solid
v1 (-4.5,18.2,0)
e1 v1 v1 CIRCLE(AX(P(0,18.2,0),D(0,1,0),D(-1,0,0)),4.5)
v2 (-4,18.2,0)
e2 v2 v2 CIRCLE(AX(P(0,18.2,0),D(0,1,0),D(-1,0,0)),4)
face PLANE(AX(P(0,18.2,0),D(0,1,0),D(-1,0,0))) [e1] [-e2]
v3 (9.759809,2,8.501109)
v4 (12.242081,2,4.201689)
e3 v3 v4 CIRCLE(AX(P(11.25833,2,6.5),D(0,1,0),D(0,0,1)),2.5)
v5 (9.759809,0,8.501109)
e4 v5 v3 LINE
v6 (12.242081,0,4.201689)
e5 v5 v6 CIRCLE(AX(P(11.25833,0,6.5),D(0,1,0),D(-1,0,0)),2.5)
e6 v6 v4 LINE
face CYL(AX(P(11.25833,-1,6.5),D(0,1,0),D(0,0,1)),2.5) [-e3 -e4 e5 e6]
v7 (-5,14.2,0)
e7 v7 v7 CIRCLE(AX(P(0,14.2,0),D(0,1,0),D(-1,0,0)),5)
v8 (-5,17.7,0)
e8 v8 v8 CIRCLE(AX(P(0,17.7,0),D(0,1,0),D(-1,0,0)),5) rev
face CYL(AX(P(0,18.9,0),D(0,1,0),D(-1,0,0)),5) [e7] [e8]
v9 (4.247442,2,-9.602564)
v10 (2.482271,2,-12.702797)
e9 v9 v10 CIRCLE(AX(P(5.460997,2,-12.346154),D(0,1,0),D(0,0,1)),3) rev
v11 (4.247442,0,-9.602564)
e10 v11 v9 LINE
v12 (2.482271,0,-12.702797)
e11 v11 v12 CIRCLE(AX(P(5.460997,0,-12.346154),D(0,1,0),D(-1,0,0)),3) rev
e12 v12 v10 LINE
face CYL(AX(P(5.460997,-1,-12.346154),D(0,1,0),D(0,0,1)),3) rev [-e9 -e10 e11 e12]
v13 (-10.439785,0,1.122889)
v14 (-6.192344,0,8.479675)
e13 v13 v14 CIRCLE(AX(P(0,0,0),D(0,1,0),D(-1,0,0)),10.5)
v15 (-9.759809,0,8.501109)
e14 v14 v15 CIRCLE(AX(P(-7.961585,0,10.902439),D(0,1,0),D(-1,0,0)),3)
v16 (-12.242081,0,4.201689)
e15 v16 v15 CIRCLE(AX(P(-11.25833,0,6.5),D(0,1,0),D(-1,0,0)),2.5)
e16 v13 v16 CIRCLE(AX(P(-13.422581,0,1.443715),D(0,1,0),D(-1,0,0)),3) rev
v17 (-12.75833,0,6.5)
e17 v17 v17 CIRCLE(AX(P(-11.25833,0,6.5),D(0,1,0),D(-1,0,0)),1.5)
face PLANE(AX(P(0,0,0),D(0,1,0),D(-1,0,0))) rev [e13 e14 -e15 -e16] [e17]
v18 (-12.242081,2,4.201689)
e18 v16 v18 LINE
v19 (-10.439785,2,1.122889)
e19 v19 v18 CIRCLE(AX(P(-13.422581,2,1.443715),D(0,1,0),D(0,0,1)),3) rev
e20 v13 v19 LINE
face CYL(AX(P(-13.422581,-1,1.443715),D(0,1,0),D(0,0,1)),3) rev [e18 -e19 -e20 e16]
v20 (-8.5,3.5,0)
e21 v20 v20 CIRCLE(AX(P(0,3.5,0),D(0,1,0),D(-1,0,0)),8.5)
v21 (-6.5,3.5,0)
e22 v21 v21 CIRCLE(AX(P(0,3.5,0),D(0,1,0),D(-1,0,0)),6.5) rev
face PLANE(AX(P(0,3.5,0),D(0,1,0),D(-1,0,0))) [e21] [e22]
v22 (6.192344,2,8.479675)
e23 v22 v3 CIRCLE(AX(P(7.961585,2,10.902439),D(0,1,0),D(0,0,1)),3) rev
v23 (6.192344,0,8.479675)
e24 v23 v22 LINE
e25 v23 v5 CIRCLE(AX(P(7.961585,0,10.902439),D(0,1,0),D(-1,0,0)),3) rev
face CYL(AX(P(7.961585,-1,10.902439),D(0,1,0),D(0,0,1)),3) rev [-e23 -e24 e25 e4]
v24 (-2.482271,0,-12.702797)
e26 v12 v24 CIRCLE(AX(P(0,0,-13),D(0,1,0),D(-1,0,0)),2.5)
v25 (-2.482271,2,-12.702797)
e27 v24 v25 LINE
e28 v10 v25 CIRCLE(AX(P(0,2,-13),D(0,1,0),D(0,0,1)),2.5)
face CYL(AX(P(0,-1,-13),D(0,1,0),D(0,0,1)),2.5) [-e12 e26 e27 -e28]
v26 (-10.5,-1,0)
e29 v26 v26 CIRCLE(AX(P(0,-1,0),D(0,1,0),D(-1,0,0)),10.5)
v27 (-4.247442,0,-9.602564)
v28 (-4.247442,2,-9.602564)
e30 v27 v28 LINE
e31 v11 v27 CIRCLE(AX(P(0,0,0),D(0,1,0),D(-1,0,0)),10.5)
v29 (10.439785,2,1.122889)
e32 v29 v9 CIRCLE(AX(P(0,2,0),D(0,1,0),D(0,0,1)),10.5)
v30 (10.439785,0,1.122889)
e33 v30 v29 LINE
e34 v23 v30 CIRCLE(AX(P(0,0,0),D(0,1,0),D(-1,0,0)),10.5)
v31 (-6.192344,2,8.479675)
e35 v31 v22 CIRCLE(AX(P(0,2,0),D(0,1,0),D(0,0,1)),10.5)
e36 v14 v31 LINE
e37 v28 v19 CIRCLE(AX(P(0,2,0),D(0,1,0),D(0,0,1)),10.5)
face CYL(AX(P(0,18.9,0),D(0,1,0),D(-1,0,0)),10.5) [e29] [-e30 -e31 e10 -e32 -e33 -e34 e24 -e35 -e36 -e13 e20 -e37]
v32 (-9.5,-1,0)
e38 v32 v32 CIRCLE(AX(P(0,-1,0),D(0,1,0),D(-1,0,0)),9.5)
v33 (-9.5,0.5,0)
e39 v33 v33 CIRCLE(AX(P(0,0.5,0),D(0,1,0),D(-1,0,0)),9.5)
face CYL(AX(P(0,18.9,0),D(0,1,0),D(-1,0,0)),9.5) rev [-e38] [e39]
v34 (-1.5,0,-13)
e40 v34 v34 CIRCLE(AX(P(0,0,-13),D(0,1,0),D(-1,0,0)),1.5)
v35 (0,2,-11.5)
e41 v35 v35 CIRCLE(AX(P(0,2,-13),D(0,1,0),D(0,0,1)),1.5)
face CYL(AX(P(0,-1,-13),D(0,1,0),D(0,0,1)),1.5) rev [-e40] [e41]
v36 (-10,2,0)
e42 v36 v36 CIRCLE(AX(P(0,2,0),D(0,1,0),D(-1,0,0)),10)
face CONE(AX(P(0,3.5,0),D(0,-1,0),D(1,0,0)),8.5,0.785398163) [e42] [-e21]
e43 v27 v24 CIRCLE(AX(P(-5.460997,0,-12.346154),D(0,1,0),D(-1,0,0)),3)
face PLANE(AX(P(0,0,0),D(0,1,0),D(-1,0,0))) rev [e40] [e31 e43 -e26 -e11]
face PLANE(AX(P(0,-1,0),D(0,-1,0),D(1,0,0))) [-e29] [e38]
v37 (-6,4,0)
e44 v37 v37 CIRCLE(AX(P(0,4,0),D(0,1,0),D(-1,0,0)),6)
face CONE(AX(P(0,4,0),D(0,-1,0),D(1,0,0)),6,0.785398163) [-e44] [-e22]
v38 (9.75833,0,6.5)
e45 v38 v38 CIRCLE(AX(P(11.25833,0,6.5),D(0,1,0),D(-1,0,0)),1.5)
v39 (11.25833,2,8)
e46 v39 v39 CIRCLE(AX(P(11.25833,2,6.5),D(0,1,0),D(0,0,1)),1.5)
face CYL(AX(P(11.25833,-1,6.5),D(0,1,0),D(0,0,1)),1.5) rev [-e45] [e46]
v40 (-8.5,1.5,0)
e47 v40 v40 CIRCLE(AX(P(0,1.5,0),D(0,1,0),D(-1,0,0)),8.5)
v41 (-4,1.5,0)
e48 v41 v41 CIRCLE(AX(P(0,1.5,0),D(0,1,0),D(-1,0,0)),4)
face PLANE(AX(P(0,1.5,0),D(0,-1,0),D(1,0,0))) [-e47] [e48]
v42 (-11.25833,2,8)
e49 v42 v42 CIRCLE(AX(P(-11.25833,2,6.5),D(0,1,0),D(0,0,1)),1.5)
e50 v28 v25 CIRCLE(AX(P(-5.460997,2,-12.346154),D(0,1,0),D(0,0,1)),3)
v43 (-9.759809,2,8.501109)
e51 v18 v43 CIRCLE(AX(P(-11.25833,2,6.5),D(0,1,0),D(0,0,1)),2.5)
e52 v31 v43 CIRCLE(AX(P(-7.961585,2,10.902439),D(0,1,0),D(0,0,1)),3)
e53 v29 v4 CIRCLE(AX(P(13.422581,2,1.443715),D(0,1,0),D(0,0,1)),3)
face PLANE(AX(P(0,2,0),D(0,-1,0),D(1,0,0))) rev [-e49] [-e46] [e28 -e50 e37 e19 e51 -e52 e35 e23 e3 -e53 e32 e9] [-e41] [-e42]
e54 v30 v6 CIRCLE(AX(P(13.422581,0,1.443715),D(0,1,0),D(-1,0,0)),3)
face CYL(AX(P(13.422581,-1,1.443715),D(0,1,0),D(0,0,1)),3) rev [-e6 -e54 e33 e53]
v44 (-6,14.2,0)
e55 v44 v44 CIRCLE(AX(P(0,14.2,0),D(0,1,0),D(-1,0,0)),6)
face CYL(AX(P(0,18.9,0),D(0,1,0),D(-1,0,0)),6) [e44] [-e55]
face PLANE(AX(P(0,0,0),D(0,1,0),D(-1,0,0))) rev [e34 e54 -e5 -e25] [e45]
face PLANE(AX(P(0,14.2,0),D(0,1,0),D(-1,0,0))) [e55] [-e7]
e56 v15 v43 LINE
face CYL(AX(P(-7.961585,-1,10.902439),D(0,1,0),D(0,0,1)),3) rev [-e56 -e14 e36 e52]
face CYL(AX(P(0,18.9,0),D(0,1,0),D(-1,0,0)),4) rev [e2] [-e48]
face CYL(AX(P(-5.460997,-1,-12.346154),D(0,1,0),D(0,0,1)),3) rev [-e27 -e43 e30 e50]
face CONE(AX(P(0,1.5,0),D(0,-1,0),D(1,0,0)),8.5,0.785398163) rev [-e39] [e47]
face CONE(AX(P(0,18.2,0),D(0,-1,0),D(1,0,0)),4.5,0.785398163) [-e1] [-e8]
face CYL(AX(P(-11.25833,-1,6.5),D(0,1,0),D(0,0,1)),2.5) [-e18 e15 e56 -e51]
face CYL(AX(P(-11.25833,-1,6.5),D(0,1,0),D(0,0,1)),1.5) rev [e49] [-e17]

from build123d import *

# Parameters (mm, degrees)
CHAMFER_1_SIZE      = 0.5
SKETCH_2_R          = 1.5
CUT_EXTRUDE_1_DEPTH = 28.256925725


with BuildPart() as part:
    # 草图1 → 旋转1 (revolve)
    with BuildSketch(Plane.XY, mode=Mode.PRIVATE) as revolve_1_sk:
        Polygon((10.5, 0), (15.5, 0), (15.5, 2), (10, 2), (8.5, 3.5), (6, 3.5), (6, 14.2), (5, 14.2), (5, 18.2), (4, 18.2), (4, 1.5), (8.5, 1.5), (9.5, 0.5), (9.5, -1), (10.5, -1), align=None)
    revolve(revolve_1_sk.sketch.rotate(Axis((0, 18.9, 0), (0, -1, 0)), 180), axis=Axis((0, 18.9, 0), (0, -1, 0)))

    # 倒角1
    chamfer_1_edges = [part.edges().sort_by_distance(p)[0] for p in [
        (5, 18.2, 0),
        (6, 3.5, 0),
    ]]
    chamfer(chamfer_1_edges, length=CHAMFER_1_SIZE)

    # 草图2 → 切除-拉伸1 (cut, through all)
    with BuildSketch(Plane(origin=(0, 2, 0), x_dir=(1, 0, 0), z_dir=(0, 1, 0))):
        with Locations(Location((0, 13, 0), (0, 0, 270))):
            Circle(SKETCH_2_R)
        with Locations(Location((11.258330249, -6.5, 0), (0, 0, 270))):
            Circle(SKETCH_2_R)
        with Locations(Location((-11.258330249, -6.5, 0), (0, 0, 270))):
            Circle(SKETCH_2_R)
        with BuildLine():
            ThreePointArc((13.423393657, -7.750000175), (13.423393809, 7.749999912), (0, 15.5))
            ThreePointArc((0, 15.5), (1.86989398, 14.659366296), (2.482271238, 12.702797203))
            ThreePointArc((2.482271238, 12.702797203), (2.853955321, 10.861790304), (4.247441896, 9.602564103))
            ThreePointArc((4.247441896, 9.602564103), (9.09326674, 5.25), (10.439785402, -1.122889469))
            ThreePointArc((10.439785402, -1.122889469), (10.833563994, -2.959297343), (12.242080696, -4.20168865))
            ThreePointArc((12.242080696, -4.20168865), (13.630330638, -5.710307555), (13.423393657, -7.750000175))
        make_face()
        with BuildLine():
            ThreePointArc((-2.482271238, 12.702797203), (-1.86989398, 14.659366296), (0, 15.5))
            ThreePointArc((0, 15.5), (-13.42339379, 7.749999945), (-13.423393696, -7.750000109))
            ThreePointArc((-13.423393696, -7.750000109), (-13.630330625, -5.710307519), (-12.242080696, -4.20168865))
            ThreePointArc((-12.242080696, -4.20168865), (-10.833563994, -2.959297343), (-10.439785402, -1.122889469))
            ThreePointArc((-10.439785402, -1.122889469), (-9.09326674, 5.25), (-4.247441896, 9.602564103))
            ThreePointArc((-4.247441896, 9.602564103), (-2.853955321, 10.861790304), (-2.482271238, 12.702797203))
        make_face()
        with BuildLine():
            ThreePointArc((-13.423393696, -7.750000109), (-3.8e-08, -15.5), (13.423393657, -7.750000175))
            ThreePointArc((13.423393657, -7.750000175), (11.760436526, -8.949058857), (9.759809458, -8.501108552))
            ThreePointArc((9.759809458, -8.501108552), (7.979608673, -7.902492961), (6.192343507, -8.479674634))
            ThreePointArc((6.192343507, -8.479674634), (0, -10.5), (-6.192343507, -8.479674634))
            ThreePointArc((-6.192343507, -8.479674634), (-7.979608673, -7.902492961), (-9.759809458, -8.501108552))
            ThreePointArc((-9.759809458, -8.501108552), (-11.760436564, -8.94905885), (-13.423393696, -7.750000109))
        make_face()
    extrude(amount=-CUT_EXTRUDE_1_DEPTH, mode=Mode.SUBTRACT)


solid = part.part
